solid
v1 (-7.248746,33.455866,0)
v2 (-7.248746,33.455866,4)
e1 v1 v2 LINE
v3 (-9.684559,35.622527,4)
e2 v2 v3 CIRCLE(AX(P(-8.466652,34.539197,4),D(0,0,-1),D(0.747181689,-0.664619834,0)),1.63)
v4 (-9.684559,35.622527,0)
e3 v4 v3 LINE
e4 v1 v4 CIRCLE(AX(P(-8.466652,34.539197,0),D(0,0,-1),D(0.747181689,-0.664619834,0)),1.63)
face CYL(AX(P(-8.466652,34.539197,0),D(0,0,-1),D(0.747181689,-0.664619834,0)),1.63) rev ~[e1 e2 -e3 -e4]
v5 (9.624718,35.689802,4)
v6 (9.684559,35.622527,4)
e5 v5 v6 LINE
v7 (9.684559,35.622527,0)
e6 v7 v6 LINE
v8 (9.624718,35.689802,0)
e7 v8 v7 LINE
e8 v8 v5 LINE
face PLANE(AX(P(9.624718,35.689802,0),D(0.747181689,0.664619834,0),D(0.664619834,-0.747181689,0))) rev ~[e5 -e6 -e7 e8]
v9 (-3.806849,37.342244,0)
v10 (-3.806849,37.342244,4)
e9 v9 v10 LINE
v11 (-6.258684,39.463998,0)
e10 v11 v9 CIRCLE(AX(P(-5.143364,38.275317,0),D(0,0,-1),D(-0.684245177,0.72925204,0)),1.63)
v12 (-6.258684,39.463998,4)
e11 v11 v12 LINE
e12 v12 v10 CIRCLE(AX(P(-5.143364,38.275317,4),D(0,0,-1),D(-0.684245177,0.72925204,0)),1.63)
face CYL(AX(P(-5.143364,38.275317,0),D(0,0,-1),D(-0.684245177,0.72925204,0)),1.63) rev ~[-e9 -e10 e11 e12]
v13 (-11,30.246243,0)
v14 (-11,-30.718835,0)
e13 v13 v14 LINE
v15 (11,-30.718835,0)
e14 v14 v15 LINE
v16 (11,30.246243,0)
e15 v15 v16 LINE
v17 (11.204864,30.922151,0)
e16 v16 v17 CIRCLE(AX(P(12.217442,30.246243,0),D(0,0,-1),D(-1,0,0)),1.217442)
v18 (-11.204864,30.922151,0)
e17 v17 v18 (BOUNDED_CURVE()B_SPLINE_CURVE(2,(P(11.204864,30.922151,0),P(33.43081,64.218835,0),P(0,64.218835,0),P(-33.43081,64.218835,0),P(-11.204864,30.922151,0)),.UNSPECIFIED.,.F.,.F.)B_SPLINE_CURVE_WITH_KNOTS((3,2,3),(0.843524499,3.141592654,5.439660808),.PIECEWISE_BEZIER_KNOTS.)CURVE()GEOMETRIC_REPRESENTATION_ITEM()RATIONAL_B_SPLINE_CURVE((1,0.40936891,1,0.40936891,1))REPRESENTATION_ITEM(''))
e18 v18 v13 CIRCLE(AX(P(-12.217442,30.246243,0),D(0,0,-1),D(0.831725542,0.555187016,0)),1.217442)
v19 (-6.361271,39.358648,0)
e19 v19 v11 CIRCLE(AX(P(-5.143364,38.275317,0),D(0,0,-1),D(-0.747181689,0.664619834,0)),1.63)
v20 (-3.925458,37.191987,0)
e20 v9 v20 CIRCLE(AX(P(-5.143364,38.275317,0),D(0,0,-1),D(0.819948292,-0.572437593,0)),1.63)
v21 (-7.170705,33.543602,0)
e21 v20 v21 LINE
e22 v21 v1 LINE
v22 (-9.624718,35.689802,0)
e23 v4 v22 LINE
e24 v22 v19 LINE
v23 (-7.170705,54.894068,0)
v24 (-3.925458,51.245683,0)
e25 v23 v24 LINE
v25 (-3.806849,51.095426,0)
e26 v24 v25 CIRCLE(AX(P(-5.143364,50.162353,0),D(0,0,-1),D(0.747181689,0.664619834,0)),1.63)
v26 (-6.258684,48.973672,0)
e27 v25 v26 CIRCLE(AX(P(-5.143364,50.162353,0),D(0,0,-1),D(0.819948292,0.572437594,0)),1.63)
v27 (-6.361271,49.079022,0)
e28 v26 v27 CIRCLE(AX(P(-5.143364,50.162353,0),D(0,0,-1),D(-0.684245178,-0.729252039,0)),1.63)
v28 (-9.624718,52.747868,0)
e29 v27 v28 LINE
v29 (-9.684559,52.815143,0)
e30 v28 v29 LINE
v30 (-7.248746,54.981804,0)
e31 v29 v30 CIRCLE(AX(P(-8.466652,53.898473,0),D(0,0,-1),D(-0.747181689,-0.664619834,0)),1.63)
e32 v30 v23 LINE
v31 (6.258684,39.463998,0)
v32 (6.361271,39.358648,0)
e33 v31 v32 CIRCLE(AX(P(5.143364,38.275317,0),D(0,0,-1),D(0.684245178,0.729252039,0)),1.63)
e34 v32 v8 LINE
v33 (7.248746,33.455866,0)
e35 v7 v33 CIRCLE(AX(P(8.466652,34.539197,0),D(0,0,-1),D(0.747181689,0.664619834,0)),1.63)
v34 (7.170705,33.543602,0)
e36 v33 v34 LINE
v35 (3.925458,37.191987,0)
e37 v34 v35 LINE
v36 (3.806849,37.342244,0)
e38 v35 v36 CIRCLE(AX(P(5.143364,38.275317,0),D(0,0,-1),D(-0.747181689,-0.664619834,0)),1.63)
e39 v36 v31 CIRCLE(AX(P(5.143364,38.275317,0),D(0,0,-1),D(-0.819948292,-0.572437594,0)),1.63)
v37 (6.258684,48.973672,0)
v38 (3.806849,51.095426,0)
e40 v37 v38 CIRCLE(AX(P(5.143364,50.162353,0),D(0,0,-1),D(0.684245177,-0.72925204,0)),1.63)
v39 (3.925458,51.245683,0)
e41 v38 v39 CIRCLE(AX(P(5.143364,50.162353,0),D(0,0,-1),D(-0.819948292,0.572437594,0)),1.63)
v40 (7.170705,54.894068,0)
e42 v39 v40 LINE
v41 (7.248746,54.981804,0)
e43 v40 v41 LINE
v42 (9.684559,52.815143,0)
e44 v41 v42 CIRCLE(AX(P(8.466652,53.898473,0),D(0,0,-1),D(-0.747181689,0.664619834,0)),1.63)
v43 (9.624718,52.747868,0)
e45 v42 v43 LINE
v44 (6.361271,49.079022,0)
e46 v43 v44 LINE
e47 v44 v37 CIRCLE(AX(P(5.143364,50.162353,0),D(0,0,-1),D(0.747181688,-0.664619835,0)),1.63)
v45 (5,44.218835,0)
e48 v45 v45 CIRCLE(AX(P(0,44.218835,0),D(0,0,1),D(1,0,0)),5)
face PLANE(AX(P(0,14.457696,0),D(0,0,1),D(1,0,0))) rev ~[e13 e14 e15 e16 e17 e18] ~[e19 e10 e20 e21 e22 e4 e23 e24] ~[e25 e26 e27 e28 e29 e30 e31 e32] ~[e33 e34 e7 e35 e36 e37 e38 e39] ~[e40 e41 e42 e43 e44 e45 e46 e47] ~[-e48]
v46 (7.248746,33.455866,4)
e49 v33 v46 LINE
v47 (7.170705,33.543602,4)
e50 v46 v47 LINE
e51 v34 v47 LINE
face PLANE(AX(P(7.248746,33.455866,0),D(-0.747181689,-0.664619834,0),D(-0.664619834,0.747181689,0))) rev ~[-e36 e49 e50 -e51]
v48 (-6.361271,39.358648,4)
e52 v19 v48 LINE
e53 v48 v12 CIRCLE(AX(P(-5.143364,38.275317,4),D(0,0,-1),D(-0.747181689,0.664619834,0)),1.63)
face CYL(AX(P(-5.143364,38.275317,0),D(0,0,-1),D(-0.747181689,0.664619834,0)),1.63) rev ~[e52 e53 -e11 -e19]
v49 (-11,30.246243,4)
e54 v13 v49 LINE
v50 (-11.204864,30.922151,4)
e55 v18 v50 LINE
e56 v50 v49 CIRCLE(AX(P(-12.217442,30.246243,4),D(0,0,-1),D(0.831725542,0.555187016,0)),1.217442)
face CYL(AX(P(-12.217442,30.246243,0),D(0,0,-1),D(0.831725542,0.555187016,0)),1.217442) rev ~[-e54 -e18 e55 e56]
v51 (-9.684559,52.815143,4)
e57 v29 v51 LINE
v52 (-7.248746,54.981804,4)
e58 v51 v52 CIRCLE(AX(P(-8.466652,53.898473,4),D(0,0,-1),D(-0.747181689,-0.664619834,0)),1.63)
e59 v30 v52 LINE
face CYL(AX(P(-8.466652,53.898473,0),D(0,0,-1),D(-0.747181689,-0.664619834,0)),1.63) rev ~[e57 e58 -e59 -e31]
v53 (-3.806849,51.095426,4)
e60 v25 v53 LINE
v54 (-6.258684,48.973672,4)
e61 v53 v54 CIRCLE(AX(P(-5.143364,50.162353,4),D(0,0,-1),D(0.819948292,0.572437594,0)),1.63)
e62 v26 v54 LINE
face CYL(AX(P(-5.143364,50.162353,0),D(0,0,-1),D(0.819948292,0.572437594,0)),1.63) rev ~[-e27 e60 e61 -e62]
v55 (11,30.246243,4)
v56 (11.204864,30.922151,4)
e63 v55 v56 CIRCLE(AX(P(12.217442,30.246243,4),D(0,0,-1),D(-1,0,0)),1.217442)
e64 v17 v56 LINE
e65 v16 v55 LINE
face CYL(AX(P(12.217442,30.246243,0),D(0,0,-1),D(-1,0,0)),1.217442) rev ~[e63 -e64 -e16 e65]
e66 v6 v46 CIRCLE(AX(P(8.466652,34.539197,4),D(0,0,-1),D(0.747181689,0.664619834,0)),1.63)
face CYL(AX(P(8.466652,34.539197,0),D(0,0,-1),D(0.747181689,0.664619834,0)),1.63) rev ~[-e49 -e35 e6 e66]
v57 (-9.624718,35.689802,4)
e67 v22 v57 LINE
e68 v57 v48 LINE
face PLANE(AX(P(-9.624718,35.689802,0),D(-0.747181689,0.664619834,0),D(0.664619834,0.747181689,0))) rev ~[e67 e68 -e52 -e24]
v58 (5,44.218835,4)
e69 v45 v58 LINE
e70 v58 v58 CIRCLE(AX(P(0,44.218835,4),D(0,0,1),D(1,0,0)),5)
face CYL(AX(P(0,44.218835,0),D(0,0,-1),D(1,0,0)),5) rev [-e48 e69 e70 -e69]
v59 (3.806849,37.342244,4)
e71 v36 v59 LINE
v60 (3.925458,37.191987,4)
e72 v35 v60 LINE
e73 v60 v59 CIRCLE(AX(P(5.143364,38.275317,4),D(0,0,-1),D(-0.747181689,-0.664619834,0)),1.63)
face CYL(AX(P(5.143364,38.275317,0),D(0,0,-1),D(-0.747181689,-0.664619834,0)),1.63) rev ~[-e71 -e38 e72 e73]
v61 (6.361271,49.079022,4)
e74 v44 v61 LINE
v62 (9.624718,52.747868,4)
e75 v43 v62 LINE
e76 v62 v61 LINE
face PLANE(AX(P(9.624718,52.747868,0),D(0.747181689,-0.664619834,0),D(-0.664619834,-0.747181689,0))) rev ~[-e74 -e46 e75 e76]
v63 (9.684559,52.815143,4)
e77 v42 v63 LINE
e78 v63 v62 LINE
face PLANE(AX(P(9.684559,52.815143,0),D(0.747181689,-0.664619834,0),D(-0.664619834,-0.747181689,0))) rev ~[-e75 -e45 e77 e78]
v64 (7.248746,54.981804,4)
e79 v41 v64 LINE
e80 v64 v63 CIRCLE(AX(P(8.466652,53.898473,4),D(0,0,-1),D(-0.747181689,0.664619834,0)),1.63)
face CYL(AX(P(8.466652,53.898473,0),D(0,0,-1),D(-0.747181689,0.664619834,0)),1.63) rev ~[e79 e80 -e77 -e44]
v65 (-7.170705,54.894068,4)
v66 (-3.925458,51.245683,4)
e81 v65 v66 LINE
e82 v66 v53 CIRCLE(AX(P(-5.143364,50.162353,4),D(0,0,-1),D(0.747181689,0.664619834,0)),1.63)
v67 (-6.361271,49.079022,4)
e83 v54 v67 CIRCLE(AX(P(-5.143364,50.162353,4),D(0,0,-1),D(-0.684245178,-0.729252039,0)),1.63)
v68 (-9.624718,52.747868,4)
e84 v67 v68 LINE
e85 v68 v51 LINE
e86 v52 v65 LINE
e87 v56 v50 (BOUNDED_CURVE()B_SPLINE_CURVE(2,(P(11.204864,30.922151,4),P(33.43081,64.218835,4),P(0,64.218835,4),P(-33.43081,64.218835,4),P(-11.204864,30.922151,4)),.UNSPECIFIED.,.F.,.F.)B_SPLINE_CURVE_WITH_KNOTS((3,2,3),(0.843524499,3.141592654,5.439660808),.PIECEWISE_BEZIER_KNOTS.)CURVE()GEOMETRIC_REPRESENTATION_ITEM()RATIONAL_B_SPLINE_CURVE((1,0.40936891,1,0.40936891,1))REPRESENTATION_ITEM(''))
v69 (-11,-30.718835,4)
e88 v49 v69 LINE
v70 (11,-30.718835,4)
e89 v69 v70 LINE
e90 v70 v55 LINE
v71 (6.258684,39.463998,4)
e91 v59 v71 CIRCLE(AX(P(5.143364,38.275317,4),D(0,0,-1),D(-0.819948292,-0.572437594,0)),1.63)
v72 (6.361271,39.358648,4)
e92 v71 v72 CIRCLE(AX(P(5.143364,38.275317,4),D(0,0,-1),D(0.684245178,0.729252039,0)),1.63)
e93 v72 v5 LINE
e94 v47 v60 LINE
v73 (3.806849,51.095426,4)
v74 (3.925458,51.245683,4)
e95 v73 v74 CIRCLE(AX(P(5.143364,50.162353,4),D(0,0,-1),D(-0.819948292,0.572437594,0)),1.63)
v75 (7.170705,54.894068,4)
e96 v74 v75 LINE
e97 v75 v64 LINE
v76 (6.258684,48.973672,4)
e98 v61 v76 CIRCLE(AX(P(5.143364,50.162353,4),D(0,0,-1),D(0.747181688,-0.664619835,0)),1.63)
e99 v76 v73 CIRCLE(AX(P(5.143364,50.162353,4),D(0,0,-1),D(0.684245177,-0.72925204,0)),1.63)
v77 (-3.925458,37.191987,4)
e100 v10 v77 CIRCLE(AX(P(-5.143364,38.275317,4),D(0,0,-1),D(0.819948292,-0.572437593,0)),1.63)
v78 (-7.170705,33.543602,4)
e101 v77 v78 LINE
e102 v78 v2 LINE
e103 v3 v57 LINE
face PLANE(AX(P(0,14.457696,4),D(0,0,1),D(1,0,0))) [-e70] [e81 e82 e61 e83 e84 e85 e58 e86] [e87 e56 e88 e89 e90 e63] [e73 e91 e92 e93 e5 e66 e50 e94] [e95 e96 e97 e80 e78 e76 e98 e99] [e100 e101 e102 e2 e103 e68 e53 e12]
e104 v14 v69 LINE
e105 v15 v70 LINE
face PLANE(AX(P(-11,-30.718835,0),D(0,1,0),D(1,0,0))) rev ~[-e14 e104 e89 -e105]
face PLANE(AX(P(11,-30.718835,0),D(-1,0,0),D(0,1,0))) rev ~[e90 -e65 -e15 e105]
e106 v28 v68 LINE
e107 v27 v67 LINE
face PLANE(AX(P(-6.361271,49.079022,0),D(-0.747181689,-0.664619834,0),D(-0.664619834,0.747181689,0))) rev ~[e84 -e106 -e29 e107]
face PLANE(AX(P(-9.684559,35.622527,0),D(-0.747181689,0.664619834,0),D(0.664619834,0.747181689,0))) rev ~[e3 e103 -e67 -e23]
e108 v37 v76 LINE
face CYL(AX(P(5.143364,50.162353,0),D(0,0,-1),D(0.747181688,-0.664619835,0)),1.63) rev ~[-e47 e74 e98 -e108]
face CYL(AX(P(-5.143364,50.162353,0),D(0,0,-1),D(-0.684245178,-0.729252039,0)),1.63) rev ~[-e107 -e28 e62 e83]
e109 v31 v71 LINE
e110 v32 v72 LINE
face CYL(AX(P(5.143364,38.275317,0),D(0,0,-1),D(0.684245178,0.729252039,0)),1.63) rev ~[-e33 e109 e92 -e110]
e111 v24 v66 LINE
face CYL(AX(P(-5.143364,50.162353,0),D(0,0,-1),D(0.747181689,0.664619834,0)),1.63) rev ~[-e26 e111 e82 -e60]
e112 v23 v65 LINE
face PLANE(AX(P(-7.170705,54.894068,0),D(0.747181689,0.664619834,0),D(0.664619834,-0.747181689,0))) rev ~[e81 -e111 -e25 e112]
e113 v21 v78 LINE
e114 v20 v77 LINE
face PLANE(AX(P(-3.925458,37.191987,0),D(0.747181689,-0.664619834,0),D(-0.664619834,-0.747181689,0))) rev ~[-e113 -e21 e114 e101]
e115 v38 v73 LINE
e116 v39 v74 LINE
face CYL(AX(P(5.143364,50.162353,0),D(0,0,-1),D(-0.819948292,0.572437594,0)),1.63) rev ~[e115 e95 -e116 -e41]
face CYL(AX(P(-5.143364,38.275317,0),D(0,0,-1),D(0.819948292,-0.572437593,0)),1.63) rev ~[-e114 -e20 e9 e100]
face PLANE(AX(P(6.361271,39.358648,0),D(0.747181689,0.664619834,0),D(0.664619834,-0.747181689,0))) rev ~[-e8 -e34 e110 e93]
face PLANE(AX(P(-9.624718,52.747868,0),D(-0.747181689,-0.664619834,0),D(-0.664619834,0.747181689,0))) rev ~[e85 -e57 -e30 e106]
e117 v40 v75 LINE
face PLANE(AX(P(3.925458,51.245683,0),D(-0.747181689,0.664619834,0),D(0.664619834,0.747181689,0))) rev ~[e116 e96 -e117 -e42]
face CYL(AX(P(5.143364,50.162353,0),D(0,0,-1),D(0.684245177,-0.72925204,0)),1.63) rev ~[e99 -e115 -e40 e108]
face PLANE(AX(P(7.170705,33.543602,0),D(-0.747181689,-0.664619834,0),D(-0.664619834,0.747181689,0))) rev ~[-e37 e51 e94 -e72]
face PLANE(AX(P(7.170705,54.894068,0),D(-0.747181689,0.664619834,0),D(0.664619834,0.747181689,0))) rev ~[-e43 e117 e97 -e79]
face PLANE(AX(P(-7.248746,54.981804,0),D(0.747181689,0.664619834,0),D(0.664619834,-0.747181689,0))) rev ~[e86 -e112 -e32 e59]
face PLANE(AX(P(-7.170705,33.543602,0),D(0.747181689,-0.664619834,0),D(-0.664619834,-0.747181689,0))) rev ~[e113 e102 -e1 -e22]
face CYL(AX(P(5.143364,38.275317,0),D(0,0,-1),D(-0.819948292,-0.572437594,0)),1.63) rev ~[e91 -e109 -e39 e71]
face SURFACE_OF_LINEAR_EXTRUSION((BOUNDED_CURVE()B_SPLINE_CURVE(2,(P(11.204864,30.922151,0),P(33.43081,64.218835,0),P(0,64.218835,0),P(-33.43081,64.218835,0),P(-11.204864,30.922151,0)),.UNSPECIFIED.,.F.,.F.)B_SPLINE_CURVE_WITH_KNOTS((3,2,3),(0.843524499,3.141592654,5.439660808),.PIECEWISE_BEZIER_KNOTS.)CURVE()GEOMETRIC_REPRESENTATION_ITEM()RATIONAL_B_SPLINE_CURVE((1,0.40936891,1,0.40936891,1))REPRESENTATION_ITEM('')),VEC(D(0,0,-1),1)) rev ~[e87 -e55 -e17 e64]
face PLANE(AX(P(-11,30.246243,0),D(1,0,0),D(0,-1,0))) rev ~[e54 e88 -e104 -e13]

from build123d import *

# Parameters (mm, degrees)
F0_R     = 5
F1_DEPTH = 4


with BuildPart() as f1:
    # F0 (on Top) → F1 (new body)
    with BuildSketch(Plane.XY):
        with BuildLine():
            Line((-11, -30.7188350707), (11, -30.7188350707))
            Line((11, -30.7188350707), (11, 30.2462431125))
            ThreePointArc((11, 30.2462431125), (11.0523412572, 30.5993794996), (11.2048644339, 30.922151239))
            add(Edge.make_bspline(
                [(11.2048644339, 30.922151239), (33.4308099235, 64.2188350707), (0, 64.2188350707), (-33.4308099235, 64.2188350707), (-11.2048644339, 30.922151239)],
                knots=[0.8435244992, 0.8435244992, 0.8435244992, 3.1415926536, 3.1415926536, 5.439660808, 5.439660808, 5.439660808], degree=2, weights=[1, 0.4093689097, 1, 0.4093689097, 1]))
            ThreePointArc((-11.2048644339, 30.922151239), (-11.0523412572, 30.5993794996), (-11, 30.2462431125))
            Line((-11, 30.2462431125), (-11, -30.7188350707))
        make_face()
        with BuildLine():
            ThreePointArc((9.6845585642, 35.6225271335), (9.5499827392, 33.3212906512), (7.248746257, 33.4558664762))
            Line((7.248746257, 33.4558664762), (7.1707048968, 33.5436024605))
            ThreePointArc((7.1707048968, 33.5436024605), (0, 31.3588350707), (-7.1707048968, 33.5436024605))
            Line((-7.1707048968, 33.5436024605), (-7.248746257, 33.4558664762))
            ThreePointArc((-7.248746257, 33.4558664762), (-9.5499827392, 33.3212906512), (-9.6845585642, 35.6225271335))
            Line((-9.6845585642, 35.6225271335), (-9.624717664, 35.6898017206))
            ThreePointArc((-9.624717664, 35.6898017206), (-12.86, 44.2188350707), (-9.624717664, 52.7478684209))
            Line((-9.624717664, 52.7478684209), (-9.6845585642, 52.815143008))
            ThreePointArc((-9.6845585642, 52.815143008), (-9.5499827392, 55.1163794902), (-7.248746257, 54.9818036653))
            Line((-7.248746257, 54.9818036653), (-7.1707048968, 54.894067681))
            ThreePointArc((-7.1707048968, 54.894067681), (0, 57.0788350707), (7.1707048968, 54.894067681))
            Line((7.1707048968, 54.894067681), (7.248746257, 54.9818036653))
            ThreePointArc((7.248746257, 54.9818036653), (9.5499827392, 55.1163794902), (9.6845585642, 52.815143008))
            Line((9.6845585642, 52.815143008), (9.624717664, 52.7478684209))
            ThreePointArc((9.624717664, 52.7478684209), (12.0240065943, 48.7798509028), (12.86, 44.2188350707))
            ThreePointArc((12.86, 44.2188350707), (12.0240065943, 39.6578192387), (9.624717664, 35.6898017206))
            Line((9.624717664, 35.6898017206), (9.6845585642, 35.6225271335))
        make_face(mode=Mode.SUBTRACT)
        with BuildLine():
            ThreePointArc((-7.1707048968, 33.5436024605), (0, 31.3588350707), (7.1707048968, 33.5436024605))
            Line((7.1707048968, 33.5436024605), (3.9254583381, 37.1919871215))
            ThreePointArc((3.9254583381, 37.1919871215), (3.8639458478, 37.26537293), (3.8068487765, 37.3422441717))
            ThreePointArc((3.8068487765, 37.3422441717), (0, 36.3588350707), (-3.8068487765, 37.3422441717))
            ThreePointArc((-3.8068487765, 37.3422441717), (-3.8639458478, 37.26537293), (-3.9254583381, 37.1919871215))
            Line((-3.9254583381, 37.1919871215), (-7.1707048968, 33.5436024605))
        make_face()
        with BuildLine():
            Line((6.3612706453, 39.3586477788), (9.624717664, 35.6898017206))
            ThreePointArc((9.624717664, 35.6898017206), (12.0240065943, 39.6578192387), (12.86, 44.2188350707))
            ThreePointArc((12.86, 44.2188350707), (12.0240065943, 48.7798509028), (9.624717664, 52.7478684209))
            Line((9.624717664, 52.7478684209), (6.3612706453, 49.0790223626))
            ThreePointArc((6.3612706453, 49.0790223626), (6.3111659865, 49.0251897001), (6.2586841305, 48.9736718665))
            ThreePointArc((6.2586841305, 48.9736718665), (7.4489213067, 46.7274544853), (7.86, 44.2188350707))
            ThreePointArc((7.86, 44.2188350707), (7.4489213067, 41.7102156562), (6.2586841305, 39.463998275))
            ThreePointArc((6.2586841305, 39.463998275), (6.3111659865, 39.4124804414), (6.3612706453, 39.3586477788))
        make_face()
        with BuildLine():
            ThreePointArc((-9.624717664, 52.7478684209), (-12.86, 44.2188350707), (-9.624717664, 35.6898017206))
            Line((-9.624717664, 35.6898017206), (-6.3612706453, 39.3586477788))
            ThreePointArc((-6.3612706453, 39.3586477788), (-6.3111659865, 39.4124804414), (-6.2586841305, 39.463998275))
            ThreePointArc((-6.2586841305, 39.463998275), (-7.86, 44.2188350707), (-6.2586841305, 48.9736718665))
            ThreePointArc((-6.2586841305, 48.9736718665), (-6.3111659865, 49.0251897001), (-6.3612706453, 49.0790223626))
            Line((-6.3612706453, 49.0790223626), (-9.624717664, 52.7478684209))
        make_face()
        with BuildLine():
            Line((3.9254583381, 51.2456830199), (7.1707048968, 54.894067681))
            ThreePointArc((7.1707048968, 54.894067681), (0, 57.0788350707), (-7.1707048968, 54.894067681))
            Line((-7.1707048968, 54.894067681), (-3.9254583381, 51.2456830199))
            ThreePointArc((-3.9254583381, 51.2456830199), (-3.8639458478, 51.1722972114), (-3.8068487765, 51.0954259698))
            ThreePointArc((-3.8068487765, 51.0954259698), (0, 52.0788350707), (3.8068487765, 51.0954259698))
            ThreePointArc((3.8068487765, 51.0954259698), (3.8639458478, 51.1722972114), (3.9254583381, 51.2456830199))
        make_face()
        with BuildLine():
            ThreePointArc((-3.8068487765, 37.3422441717), (0, 36.3588350707), (3.8068487765, 37.3422441717))
            ThreePointArc((3.8068487765, 37.3422441717), (4.0767380131, 39.5078789924), (6.2586841305, 39.463998275))
            ThreePointArc((6.2586841305, 39.463998275), (7.4489213067, 41.7102156562), (7.86, 44.2188350707))
            ThreePointArc((7.86, 44.2188350707), (7.4489213067, 46.7274544853), (6.2586841305, 48.9736718665))
            ThreePointArc((6.2586841305, 48.9736718665), (4.0767380131, 48.9297911491), (3.8068487765, 51.0954259698))
            ThreePointArc((3.8068487765, 51.0954259698), (0, 52.0788350707), (-3.8068487765, 51.0954259698))
            ThreePointArc((-3.8068487765, 51.0954259698), (-4.0767380131, 48.9297911491), (-6.2586841305, 48.9736718665))
            ThreePointArc((-6.2586841305, 48.9736718665), (-7.86, 44.2188350707), (-6.2586841305, 39.463998275))
            ThreePointArc((-6.2586841305, 39.463998275), (-4.0767380131, 39.5078789924), (-3.8068487765, 37.3422441717))
        make_face()
        with Locations((0, 44.2188350707)):
            Circle(F0_R, mode=Mode.SUBTRACT)
    extrude(amount=F1_DEPTH)


solid = f1.part
